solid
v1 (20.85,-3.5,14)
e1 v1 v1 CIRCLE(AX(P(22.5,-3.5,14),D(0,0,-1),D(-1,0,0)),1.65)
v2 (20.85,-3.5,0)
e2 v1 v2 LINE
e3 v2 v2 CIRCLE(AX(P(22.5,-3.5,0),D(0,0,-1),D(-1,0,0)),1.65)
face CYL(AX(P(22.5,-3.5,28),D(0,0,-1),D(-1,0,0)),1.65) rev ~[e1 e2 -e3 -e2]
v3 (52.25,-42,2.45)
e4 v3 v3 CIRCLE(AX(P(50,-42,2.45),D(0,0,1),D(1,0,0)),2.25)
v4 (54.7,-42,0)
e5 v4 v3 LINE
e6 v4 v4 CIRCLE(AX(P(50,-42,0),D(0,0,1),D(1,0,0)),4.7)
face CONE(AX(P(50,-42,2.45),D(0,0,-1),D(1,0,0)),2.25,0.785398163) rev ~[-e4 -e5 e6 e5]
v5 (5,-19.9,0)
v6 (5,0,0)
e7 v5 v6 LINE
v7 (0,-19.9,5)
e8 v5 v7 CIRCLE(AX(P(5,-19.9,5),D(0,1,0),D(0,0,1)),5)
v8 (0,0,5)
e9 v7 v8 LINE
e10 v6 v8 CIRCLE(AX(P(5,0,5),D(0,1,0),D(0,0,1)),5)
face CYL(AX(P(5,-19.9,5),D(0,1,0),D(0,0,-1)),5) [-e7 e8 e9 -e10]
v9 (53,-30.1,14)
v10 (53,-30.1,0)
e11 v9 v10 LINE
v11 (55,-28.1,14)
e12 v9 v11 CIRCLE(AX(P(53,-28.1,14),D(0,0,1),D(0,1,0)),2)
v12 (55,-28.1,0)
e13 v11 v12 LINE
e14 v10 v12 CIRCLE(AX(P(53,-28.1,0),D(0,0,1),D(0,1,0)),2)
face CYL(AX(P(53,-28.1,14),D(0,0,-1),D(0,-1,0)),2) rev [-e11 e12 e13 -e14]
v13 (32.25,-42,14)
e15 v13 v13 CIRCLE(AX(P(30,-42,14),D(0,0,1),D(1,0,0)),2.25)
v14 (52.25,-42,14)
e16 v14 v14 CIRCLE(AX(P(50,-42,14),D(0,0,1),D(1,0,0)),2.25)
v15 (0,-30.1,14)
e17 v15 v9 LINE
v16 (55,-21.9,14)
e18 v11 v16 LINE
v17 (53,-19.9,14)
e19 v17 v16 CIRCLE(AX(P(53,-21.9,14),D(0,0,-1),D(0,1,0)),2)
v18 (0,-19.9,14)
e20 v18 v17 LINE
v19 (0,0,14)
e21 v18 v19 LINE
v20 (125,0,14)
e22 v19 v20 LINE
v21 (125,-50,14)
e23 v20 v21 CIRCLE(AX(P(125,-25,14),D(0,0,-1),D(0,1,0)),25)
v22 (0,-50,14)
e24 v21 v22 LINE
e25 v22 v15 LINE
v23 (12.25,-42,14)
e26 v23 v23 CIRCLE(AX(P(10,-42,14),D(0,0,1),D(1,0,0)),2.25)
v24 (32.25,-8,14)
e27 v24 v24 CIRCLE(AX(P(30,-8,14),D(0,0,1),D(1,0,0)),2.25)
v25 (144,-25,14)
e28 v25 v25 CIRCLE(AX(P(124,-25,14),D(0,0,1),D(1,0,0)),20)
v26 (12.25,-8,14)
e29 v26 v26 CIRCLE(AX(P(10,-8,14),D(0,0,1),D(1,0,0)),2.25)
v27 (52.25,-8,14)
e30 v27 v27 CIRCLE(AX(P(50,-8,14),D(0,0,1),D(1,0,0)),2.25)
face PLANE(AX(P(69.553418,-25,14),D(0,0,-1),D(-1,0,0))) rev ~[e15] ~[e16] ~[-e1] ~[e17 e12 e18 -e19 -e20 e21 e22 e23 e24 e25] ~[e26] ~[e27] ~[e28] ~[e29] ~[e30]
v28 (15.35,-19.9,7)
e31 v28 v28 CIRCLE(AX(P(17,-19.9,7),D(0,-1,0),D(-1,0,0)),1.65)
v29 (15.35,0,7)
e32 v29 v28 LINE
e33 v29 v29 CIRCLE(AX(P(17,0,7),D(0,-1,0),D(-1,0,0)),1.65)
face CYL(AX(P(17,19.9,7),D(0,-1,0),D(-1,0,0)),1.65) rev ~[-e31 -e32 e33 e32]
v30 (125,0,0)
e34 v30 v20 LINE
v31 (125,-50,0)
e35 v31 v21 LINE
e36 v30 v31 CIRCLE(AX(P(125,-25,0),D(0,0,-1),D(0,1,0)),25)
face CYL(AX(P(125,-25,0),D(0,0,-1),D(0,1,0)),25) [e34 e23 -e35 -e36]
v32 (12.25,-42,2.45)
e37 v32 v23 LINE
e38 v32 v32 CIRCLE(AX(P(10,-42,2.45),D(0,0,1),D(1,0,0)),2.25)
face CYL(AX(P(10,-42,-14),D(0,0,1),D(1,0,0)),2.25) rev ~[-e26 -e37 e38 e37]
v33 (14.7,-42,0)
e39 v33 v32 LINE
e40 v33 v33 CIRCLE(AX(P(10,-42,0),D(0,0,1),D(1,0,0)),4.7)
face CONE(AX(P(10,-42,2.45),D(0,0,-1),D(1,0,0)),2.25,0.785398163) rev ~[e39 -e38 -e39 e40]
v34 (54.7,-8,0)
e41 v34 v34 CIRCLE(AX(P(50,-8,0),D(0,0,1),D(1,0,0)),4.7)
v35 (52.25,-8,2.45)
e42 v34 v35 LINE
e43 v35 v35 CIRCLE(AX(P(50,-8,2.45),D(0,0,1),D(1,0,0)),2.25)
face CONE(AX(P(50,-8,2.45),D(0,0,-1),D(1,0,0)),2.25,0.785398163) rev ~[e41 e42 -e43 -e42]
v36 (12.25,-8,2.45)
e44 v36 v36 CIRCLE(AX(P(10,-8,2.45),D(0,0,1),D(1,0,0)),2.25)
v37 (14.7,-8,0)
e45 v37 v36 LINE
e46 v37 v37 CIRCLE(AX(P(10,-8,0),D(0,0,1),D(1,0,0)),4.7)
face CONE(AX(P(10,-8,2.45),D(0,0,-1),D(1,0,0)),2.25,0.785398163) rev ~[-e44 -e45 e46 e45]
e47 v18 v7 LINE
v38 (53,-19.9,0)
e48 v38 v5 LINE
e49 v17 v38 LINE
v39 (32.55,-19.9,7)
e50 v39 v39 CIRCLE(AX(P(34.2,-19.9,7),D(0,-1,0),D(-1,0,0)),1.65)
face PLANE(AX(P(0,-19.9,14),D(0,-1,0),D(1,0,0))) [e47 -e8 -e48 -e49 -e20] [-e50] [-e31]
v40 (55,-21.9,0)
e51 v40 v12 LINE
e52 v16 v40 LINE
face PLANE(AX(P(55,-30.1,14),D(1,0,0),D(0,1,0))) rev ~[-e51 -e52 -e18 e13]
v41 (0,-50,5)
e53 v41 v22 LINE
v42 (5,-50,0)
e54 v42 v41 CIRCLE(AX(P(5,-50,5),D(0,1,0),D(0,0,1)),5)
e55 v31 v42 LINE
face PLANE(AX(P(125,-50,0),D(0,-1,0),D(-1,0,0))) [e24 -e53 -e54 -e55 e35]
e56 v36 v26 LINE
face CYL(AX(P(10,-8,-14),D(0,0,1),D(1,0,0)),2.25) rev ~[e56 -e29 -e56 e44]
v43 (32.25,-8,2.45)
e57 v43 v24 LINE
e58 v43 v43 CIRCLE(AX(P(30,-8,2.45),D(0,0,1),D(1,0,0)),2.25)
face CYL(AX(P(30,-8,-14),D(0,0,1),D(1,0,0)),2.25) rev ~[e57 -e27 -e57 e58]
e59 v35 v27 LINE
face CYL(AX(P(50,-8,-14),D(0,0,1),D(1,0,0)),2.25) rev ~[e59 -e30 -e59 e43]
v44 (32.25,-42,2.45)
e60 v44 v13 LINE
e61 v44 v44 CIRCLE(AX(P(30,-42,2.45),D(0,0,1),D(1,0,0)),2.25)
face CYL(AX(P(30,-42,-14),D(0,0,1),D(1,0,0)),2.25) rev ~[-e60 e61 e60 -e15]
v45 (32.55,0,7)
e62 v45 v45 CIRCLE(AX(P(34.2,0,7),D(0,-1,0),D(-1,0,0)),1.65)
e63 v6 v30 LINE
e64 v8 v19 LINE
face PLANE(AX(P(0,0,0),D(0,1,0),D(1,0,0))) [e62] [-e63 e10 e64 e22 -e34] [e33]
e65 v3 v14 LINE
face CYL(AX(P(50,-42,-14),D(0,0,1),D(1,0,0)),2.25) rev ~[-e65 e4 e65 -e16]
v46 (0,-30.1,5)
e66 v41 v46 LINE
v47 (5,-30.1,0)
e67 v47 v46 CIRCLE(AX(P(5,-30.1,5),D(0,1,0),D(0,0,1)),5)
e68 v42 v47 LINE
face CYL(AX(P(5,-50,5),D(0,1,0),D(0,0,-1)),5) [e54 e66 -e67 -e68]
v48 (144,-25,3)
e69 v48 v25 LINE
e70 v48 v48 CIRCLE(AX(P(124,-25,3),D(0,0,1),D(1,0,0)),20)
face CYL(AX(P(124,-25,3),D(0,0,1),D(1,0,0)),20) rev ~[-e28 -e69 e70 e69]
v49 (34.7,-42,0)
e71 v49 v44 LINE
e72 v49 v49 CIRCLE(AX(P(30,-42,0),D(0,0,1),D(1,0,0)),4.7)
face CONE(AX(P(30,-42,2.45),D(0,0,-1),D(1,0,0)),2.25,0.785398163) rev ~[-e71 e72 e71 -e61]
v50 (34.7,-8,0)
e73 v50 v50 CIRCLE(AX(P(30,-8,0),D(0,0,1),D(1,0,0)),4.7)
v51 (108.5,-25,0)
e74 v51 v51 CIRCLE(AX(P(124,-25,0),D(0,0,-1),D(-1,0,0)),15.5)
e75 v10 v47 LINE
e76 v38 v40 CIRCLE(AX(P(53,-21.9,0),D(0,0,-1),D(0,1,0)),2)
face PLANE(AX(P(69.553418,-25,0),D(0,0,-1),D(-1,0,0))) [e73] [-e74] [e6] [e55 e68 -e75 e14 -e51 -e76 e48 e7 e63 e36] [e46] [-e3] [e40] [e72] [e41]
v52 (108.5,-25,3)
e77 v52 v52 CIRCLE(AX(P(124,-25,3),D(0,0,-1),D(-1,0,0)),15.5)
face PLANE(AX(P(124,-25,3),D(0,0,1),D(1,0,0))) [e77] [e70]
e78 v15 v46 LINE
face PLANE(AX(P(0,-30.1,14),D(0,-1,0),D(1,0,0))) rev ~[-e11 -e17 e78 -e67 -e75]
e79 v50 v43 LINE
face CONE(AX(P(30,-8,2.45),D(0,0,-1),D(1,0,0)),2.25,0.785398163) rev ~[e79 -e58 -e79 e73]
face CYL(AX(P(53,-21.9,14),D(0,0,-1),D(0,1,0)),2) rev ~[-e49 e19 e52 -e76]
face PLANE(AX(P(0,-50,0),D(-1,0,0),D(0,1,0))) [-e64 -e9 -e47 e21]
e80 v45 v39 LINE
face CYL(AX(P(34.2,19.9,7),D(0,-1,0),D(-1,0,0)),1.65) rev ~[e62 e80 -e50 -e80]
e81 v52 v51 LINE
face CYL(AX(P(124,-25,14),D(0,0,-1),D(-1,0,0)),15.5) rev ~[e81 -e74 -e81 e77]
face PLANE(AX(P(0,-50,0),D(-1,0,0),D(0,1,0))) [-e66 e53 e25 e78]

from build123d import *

# Parameters (mm, degrees)
BOSS_EXTRUDE1_DEPTH       = 14
SKETCH2_W                 = 55
SKETCH2_H                 = 10.2
CUT_EXTRUDE1_DEPTH        = 15
F_8_CLEARANCE_HOLE1_D     = 4.5
F_8_CLEARANCE_HOLE1_DEPTH = 14
F_4_CLEARANCE_HOLE1_D     = 3.3
F_4_CLEARANCE_HOLE1_DEPTH = 14
F_4_CLEARANCE_HOLE2_D     = 3.3
F_4_CLEARANCE_HOLE2_DEPTH = 19.899999999
HOLE1_D                   = 31.000000009
HOLE1_DEPTH               = 14
HOLE1_CBORE_D             = 40.00000001
HOLE1_CBORE_DEPTH         = 11
CHAMFER1_SIZE             = 2.45
FILLET1_R                 = 2
FILLET2_R                 = 5


with BuildPart() as part:
    # Sketch1 → Boss-Extrude1 (new body)
    with BuildSketch(Plane(origin=(0, 0, 0), x_dir=(-1, 0, 0), z_dir=(0, 0, -1))):
        with BuildLine():
            Line((-125, -50), (0, -50))
            Line((0, -50), (0, 0))
            Line((0, 0), (-125, 0))
            ThreePointArc((-125, 0), (-150, -25), (-125, -50))
        make_face()
    extrude(amount=-BOSS_EXTRUDE1_DEPTH)

    # Sketch2 → Cut-Extrude1 (cut, through all)
    with BuildSketch(Plane.XY.offset(14)):
        with Locations((27.5, -24.999999999)):
            Rectangle(SKETCH2_W, SKETCH2_H)
    extrude(amount=-CUT_EXTRUDE1_DEPTH, mode=Mode.SUBTRACT)

    # #8 Clearance Hole1
    with Locations(Plane(origin=(0, 0, 0), x_dir=(-1, 0, 0), z_dir=(0, 0, -1))):
        with Locations((-10, -8), (-10, -42), (-30, -42), (-30, -8), (-50, -8), (-50, -42)):
            Hole(F_8_CLEARANCE_HOLE1_D / 2, depth=F_8_CLEARANCE_HOLE1_DEPTH)

    # #4 Clearance Hole1
    with Locations(Plane.XY.offset(14)):
        with Locations((22.5, -3.5)):
            Hole(F_4_CLEARANCE_HOLE1_D / 2, depth=F_4_CLEARANCE_HOLE1_DEPTH)

    # #4 Clearance Hole2
    with Locations(Plane(origin=(0, 0, 0), x_dir=(1, 0, 0), z_dir=(0, 1, 0))):
        with Locations((17, -7), (34.2, -7)):
            Hole(F_4_CLEARANCE_HOLE2_D / 2, depth=F_4_CLEARANCE_HOLE2_DEPTH)

    # Hole1
    with Locations(Plane.XY.offset(14)):
        with Locations((123.999999995, -24.999999999)):
            CounterBoreHole(HOLE1_D / 2, HOLE1_CBORE_D / 2, HOLE1_CBORE_DEPTH, depth=HOLE1_DEPTH)

    # Chamfer1
    chamfer1_edges = [part.edges().sort_by_distance(p)[0] for p in [
        (47.75, -42, 0),
        (47.75, -8, 0),
        (27.75, -8, 0),
        (27.75, -42, 0),
        (7.75, -42, 0),
        (7.75, -8, 0),
    ]]
    chamfer(chamfer1_edges, length=CHAMFER1_SIZE)

    # Fillet1
    fillet1_edges = [part.edges().sort_by_distance(p)[0] for p in [
        (55, -19.899999999, 7),
        (55, -30.099999999, 7),
    ]]
    fillet(fillet1_edges, radius=FILLET1_R)

    # Fillet2
    fillet2_edges = [part.edges().sort_by_distance(p)[0] for p in [
        (0, -9.95, 0),
        (0, -40.05, 0),
    ]]
    fillet(fillet2_edges, radius=FILLET2_R)


solid = part.part
